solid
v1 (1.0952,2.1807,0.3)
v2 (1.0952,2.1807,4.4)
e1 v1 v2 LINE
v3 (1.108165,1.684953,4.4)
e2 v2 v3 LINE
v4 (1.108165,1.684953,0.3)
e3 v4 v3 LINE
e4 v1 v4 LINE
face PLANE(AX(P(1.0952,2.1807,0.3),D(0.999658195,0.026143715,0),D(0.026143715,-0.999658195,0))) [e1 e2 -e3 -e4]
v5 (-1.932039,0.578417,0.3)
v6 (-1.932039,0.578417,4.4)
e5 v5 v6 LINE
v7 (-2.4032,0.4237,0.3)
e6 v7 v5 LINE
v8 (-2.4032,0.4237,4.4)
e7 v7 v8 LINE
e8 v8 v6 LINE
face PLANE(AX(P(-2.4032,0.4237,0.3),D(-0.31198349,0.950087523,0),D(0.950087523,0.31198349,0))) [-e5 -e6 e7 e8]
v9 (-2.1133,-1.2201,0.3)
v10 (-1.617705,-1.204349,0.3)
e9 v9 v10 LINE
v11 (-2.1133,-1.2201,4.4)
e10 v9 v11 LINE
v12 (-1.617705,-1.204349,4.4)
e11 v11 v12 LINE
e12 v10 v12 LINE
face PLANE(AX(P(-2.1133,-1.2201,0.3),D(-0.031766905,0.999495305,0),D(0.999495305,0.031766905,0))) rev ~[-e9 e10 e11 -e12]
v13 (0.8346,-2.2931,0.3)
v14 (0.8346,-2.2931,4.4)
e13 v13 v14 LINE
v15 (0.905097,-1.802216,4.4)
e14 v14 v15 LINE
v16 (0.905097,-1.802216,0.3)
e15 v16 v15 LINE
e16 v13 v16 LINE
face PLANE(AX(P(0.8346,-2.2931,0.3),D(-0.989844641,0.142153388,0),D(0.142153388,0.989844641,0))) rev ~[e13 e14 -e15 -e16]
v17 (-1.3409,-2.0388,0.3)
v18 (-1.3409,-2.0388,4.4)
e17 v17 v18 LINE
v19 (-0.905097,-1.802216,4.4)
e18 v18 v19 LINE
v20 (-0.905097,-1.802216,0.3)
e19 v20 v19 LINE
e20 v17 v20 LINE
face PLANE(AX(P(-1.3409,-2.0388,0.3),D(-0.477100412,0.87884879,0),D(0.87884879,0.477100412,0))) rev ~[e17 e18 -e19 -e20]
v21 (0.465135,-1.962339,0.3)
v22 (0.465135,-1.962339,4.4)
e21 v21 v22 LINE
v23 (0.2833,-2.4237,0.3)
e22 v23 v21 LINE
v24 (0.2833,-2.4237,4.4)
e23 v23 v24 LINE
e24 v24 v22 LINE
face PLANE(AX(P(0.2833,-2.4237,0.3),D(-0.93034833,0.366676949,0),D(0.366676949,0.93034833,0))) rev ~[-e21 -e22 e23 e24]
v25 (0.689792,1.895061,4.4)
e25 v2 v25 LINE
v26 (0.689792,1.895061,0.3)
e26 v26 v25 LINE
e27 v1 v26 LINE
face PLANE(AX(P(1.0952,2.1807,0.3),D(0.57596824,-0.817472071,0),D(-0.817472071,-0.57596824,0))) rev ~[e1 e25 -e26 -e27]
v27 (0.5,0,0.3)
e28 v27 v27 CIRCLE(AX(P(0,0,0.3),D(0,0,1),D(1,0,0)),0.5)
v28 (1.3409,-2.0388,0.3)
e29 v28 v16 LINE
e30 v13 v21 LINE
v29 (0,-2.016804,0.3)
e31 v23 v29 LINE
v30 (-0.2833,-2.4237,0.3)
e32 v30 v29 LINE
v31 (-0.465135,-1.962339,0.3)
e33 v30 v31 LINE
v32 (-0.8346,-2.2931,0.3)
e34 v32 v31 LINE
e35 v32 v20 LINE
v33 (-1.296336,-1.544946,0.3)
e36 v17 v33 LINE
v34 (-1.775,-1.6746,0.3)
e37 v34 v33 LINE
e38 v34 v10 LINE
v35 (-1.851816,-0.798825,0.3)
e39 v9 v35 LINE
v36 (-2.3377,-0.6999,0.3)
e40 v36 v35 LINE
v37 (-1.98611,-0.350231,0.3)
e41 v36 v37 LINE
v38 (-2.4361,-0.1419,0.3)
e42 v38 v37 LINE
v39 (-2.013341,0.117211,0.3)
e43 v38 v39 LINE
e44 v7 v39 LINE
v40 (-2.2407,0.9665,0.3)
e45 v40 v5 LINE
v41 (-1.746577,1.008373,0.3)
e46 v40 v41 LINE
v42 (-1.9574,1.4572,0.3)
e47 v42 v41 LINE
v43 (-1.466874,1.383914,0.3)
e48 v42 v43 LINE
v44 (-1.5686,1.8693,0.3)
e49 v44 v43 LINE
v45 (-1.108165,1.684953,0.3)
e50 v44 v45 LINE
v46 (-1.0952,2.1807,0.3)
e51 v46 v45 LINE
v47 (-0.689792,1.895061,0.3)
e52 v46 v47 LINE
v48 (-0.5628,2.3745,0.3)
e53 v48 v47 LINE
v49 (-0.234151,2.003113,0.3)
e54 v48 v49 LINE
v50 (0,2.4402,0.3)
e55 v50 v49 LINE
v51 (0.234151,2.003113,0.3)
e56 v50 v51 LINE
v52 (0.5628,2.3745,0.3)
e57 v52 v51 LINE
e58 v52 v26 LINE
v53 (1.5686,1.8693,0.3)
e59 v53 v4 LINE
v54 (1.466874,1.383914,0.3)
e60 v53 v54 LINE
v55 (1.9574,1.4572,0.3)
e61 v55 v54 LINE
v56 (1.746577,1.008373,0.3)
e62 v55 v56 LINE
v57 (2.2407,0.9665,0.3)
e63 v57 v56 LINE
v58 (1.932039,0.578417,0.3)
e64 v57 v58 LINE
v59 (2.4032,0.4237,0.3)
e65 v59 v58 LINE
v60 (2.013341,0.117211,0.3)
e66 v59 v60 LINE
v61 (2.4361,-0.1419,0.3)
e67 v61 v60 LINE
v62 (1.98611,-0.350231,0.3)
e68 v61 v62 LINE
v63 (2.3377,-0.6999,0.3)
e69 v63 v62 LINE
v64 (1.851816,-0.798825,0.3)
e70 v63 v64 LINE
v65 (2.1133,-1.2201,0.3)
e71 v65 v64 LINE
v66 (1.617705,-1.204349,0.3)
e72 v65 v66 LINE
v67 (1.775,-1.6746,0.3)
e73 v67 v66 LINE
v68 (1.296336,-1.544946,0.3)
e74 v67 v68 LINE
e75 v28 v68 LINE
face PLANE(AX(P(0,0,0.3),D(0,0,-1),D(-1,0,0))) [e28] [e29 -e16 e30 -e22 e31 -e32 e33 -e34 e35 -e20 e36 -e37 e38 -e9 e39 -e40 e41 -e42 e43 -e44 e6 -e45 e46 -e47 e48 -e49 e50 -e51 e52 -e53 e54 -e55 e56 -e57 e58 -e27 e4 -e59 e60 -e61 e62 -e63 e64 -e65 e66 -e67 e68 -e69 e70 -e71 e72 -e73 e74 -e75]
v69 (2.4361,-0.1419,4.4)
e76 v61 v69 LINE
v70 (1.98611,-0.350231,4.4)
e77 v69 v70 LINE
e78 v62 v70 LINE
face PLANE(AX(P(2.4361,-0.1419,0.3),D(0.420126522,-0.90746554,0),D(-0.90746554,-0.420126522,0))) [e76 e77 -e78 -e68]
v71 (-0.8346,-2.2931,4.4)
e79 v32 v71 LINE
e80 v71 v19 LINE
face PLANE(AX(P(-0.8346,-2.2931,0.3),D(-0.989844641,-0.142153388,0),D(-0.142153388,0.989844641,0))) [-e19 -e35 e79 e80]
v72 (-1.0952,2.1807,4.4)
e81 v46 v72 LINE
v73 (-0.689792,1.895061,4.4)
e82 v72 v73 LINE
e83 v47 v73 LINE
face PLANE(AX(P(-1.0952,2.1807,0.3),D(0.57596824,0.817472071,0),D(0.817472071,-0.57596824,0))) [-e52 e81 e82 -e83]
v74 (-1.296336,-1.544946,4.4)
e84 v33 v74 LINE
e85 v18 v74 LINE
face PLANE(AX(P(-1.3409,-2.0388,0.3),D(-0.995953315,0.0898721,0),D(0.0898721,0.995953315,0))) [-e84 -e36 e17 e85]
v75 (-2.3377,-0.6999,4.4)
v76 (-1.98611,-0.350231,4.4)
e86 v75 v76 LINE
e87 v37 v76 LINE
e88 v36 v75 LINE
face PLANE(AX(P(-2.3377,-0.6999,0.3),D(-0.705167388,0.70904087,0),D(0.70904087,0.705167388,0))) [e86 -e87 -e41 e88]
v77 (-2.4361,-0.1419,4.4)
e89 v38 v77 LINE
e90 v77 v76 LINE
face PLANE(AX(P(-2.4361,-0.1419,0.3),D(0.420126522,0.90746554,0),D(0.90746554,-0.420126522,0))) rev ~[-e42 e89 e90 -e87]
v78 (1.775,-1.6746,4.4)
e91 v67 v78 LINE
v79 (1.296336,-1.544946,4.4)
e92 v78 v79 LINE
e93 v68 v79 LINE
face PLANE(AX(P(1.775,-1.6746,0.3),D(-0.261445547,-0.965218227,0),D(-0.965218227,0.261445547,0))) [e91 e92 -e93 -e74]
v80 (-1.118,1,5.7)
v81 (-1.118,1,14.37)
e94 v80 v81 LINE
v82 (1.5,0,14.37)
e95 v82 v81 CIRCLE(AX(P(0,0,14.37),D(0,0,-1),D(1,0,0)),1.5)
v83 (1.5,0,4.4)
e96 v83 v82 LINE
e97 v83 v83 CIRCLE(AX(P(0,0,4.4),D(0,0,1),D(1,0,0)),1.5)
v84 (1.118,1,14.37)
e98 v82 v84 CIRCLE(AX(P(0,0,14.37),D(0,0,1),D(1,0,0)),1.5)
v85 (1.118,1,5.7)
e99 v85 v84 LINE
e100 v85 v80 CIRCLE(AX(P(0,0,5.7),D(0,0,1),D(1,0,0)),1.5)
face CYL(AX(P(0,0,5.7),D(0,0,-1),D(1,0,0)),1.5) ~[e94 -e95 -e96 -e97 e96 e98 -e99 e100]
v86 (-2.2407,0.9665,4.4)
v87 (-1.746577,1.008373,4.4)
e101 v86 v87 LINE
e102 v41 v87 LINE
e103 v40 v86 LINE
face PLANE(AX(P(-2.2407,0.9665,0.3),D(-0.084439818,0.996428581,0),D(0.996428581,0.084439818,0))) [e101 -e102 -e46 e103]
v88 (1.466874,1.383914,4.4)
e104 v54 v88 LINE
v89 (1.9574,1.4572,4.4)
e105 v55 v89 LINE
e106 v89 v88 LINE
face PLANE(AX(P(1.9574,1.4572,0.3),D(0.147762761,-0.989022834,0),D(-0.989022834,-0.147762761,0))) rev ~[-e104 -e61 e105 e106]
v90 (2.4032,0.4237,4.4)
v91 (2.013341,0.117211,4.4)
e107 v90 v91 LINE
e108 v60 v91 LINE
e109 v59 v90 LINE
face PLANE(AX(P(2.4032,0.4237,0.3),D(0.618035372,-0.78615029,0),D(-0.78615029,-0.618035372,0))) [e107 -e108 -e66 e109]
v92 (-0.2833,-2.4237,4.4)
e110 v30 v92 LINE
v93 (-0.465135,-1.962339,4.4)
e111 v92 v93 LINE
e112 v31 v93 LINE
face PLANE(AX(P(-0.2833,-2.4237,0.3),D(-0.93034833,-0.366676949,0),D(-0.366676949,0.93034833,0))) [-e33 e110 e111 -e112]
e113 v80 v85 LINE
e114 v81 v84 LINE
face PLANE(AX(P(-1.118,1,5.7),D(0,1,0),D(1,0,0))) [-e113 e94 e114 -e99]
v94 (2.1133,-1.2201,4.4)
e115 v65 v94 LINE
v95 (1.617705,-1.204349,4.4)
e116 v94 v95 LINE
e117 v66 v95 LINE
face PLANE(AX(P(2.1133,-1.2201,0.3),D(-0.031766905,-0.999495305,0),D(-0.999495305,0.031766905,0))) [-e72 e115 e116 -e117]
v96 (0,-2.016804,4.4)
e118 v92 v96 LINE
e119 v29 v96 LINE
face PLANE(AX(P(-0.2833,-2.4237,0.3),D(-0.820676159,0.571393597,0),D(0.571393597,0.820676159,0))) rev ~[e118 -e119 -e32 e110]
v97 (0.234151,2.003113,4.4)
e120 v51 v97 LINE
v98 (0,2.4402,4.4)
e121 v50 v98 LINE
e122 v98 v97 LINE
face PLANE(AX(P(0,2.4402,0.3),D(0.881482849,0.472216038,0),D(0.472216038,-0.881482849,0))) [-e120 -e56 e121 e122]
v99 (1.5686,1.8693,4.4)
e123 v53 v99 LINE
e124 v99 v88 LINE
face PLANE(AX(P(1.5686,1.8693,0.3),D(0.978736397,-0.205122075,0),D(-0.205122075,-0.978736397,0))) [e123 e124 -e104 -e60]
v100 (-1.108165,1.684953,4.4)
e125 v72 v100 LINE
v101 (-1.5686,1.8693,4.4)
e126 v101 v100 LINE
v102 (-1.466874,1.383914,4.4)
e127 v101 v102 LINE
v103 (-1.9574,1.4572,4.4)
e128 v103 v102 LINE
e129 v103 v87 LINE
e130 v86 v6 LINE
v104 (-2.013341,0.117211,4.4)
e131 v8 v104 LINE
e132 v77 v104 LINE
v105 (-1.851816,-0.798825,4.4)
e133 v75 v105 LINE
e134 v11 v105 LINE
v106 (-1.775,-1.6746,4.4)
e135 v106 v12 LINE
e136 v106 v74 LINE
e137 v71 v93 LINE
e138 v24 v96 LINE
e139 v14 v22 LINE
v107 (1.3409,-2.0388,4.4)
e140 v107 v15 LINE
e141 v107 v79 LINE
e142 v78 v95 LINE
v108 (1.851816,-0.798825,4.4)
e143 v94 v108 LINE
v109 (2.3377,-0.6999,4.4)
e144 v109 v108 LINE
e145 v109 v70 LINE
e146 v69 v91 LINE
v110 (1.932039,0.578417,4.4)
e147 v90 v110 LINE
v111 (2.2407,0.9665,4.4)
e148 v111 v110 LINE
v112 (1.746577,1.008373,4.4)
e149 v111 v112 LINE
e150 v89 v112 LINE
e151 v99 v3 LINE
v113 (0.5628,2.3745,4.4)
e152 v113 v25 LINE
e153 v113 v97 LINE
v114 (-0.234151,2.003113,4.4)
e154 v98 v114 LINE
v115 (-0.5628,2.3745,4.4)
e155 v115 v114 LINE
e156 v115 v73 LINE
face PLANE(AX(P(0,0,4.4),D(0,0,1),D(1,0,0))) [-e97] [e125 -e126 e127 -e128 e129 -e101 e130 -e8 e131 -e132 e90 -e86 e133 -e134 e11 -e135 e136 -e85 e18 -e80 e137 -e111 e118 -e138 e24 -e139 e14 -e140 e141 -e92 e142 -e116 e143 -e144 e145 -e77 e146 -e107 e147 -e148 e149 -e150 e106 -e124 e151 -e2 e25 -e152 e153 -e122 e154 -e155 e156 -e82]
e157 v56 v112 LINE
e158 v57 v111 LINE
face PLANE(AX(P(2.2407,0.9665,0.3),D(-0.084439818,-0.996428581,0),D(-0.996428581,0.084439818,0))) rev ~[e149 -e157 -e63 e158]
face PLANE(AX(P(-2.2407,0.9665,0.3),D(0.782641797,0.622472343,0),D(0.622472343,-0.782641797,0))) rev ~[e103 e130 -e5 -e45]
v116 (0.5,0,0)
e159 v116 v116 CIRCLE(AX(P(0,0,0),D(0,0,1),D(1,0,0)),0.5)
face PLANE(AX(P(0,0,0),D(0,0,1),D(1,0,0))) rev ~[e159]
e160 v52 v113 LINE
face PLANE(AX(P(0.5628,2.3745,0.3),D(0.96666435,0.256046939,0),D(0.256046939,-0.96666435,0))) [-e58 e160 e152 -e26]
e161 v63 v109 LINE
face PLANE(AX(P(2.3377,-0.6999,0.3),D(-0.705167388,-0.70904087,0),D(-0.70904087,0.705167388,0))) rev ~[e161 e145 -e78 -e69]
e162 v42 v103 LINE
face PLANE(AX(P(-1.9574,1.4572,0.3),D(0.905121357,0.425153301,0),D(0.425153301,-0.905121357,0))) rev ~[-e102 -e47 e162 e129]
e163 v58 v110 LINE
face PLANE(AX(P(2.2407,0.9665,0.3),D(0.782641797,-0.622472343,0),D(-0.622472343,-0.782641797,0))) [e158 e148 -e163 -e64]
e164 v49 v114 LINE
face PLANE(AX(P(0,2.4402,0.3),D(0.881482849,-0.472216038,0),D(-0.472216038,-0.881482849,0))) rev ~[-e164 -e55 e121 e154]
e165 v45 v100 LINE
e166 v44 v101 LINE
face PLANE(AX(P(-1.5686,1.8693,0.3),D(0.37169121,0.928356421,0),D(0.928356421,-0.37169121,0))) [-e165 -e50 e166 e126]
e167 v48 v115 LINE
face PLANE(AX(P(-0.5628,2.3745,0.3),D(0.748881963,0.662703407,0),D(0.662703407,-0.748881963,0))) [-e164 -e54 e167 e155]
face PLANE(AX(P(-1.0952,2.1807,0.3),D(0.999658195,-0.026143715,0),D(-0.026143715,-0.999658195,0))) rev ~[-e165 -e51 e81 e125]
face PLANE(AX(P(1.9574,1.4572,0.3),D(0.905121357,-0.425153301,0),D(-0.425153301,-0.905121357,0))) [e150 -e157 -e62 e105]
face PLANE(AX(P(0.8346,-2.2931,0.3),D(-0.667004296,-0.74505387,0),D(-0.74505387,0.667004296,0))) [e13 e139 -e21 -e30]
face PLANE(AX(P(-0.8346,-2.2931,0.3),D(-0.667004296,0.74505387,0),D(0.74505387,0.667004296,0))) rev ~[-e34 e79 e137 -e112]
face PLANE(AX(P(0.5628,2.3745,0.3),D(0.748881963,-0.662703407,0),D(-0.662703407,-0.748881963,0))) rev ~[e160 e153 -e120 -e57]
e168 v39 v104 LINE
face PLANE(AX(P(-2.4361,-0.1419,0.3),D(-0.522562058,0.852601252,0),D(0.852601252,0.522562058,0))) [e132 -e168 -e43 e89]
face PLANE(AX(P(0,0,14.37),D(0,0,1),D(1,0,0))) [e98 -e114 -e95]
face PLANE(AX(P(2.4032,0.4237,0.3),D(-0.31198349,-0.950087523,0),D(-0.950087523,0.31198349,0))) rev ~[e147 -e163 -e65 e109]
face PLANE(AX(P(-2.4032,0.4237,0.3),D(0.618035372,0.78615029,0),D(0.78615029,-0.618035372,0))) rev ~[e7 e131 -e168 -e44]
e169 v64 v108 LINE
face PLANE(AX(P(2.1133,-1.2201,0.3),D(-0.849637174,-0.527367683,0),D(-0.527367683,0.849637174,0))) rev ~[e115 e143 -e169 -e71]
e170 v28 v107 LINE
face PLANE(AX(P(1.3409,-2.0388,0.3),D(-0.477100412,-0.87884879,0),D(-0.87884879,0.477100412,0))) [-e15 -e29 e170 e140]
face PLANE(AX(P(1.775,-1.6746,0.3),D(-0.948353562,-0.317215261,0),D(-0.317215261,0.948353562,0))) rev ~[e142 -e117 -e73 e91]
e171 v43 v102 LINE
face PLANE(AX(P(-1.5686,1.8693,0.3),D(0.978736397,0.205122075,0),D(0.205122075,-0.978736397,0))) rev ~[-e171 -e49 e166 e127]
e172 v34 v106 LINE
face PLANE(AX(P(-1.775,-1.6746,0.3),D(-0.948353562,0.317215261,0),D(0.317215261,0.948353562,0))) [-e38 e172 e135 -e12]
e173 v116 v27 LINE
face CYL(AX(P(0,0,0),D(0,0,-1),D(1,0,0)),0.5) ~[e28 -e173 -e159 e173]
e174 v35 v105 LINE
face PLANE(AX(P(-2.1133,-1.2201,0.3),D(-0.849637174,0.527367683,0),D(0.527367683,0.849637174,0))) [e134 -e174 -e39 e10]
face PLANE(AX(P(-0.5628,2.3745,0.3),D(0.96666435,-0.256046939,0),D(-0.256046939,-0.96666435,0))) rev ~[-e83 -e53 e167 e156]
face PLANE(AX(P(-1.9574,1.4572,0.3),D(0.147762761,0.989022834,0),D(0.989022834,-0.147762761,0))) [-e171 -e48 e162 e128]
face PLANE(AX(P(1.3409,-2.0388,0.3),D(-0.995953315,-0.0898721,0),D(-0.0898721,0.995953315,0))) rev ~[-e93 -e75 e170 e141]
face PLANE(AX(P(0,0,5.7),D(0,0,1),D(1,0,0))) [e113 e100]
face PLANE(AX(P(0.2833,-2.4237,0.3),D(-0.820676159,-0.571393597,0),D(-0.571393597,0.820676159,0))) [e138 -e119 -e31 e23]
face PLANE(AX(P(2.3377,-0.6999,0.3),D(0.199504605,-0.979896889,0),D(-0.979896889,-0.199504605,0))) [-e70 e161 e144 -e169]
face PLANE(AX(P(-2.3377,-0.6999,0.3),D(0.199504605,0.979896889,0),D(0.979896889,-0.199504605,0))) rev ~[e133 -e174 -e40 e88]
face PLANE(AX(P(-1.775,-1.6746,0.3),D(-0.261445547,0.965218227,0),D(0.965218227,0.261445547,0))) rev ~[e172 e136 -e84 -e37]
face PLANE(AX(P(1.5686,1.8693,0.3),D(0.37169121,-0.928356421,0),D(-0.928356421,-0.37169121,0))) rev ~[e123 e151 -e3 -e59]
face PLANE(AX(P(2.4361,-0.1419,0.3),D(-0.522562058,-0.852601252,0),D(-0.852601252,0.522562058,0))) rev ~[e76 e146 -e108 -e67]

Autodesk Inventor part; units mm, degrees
ref_plane "YZ Plane" through (0, 0, 0) normal (1, 0, 0) x (0, 1, 0)
ref_plane "XZ Plane" through (0, 0, 0) normal (0, 1, 0) x (-1, 0, 0)
ref_plane "XY Plane" through (0, 0, 0) normal (0, 0, 1) x (1, 0, 0)
sketch "Sketch1" plane through (0, 0, 0) normal (0, 0, 1) x (1, 0, 0)
  circle A0 centre (0, 0) radius 0.5
  dimension "d0" = 1
extrude "Extrusion1" add sketch "Sketch1" along normal blind 4.4
sketch "Sketch2" plane through (0, 0, 4.4) normal (0, 0, 1) x (1, 0, 0)
  circle A0 centre (0, 0) radius 0.5 projected
  circle A1 centre (0, 0) radius 2
  dimension "d3" = 4
extrude "Extrusion2" add sketch "Sketch2" against normal blind 4.1
sketch "Sketch4" plane through (0, 0, 4.4) normal (0, 0, 1) x (1, 0, 0)
  circle A0 centre (0, 0) radius 2 projected
  circle A1 centre (0, 0) radius 1.5
  dimension "d6" = 3
extrude "Extrusion3" add sketch "Sketch4" along normal blind 1.3 contours A1
sketch "Sketch5" plane through (0, 0, 5.7) normal (0, 0, 1) x (1, 0, 0)
  circle A0 centre (0, 0) radius 1.5 projected
  circle A1 centre (0, 0) radius 1.5
  line L0 (0, 0) -> (1.0208, 0)
  line L1 (-1.118, 1) -> (1.118, 1)
  line L2 (0, -1.5) -> (1.5, -1.5)
  dimension "d11" = 2.5
extrude "Extrusion5" add sketch "Sketch5" along normal blind 8.67 contours A0 L1 picked at (0, 0.1667)
sketch "Sketch8" plane through (0, 0, 0.3) normal (0, 0, -1) x (-1, 0, 0)
  circle A0 centre (0, 0) radius 0.5 projected
  circle A1 centre (0, 0) radius 2 projected
  line L0 (0, 0) -> (0, 5.155)
  line L1 (0, 2.4402) -> (-0.2438, 1.9851)
  line L2 (0, 2.4402) -> (0.2438, 1.9851)
  arc A2 (0.2438, 1.9851) -> (-0.2438, 1.9851) centre (0, 0) ccw
  line L3 (-0.2438, 1.9851) -> (0, 2.4402)
  line L4 (0, 2.4402) -> (0.2438, 1.9851)
  line L5 (-0.5628, 2.3745) -> (-0.695, 1.8754)
  line L6 (-0.5628, 2.3745) -> (-0.2206, 1.9878)
  arc A3 (-0.2206, 1.9878) -> (-0.695, 1.8754) centre (0, 0) ccw
  line L7 (-1.0952, 2.1807) -> (-1.1087, 1.6645)
  line L8 (-1.0952, 2.1807) -> (-0.6731, 1.8833)
  arc A4 (-0.6731, 1.8833) -> (-1.1087, 1.6645) centre (0, 0) ccw
  line L9 (-1.5686, 1.8693) -> (-1.4627, 1.364)
  line L10 (-1.5686, 1.8693) -> (-1.0893, 1.6774)
  arc A5 (-1.0893, 1.6774) -> (-1.4627, 1.364) centre (0, 0) ccw
  line L11 (-1.9574, 1.4572) -> (-1.7379, 0.9899)
  line L12 (-1.9574, 1.4572) -> (-1.4467, 1.3809)
  arc A6 (-1.4467, 1.3809) -> (-1.7379, 0.9899) centre (0, 0) ccw
  line L13 (-2.2407, 0.9665) -> (-1.9193, 0.5624)
  line L14 (-2.2407, 0.9665) -> (-1.7262, 1.0101)
  arc A7 (-1.7262, 1.0101) -> (-1.9193, 0.5624) centre (0, 0) ccw
  line L15 (-2.4032, 0.4237) -> (-1.9973, 0.1046)
  line L16 (-2.4032, 0.4237) -> (-1.9126, 0.5848)
  arc A8 (-1.9126, 0.5848) -> (-1.9973, 0.1046) centre (0, 0) ccw
  line L17 (-2.4361, -0.1419) -> (-1.9676, -0.3588)
  line L18 (-2.4361, -0.1419) -> (-1.9959, 0.1279)
  arc A9 (-1.9959, 0.1279) -> (-1.9676, -0.3588) centre (0, 0) ccw
  line L19 (-2.3377, -0.6999) -> (-1.8318, -0.8029)
  line L20 (-2.3377, -0.6999) -> (-1.9716, -0.3358)
  arc A10 (-1.9716, -0.3358) -> (-1.8318, -0.8029) centre (0, 0) ccw
  line L21 (-2.1133, -1.2201) -> (-1.5973, -1.2037)
  line L22 (-2.1133, -1.2201) -> (-1.841, -0.7814)
  arc A11 (-1.841, -0.7814) -> (-1.5973, -1.2037) centre (0, 0) ccw
  line L23 (-1.775, -1.6746) -> (-1.2766, -1.5396)
  line L24 (-1.775, -1.6746) -> (-1.6112, -1.1849)
  arc A12 (-1.6112, -1.1849) -> (-1.2766, -1.5396) centre (0, 0) ccw
  line L25 (-1.3409, -2.0388) -> (-0.8872, -1.7925)
  line L26 (-1.3409, -2.0388) -> (-1.2945, -1.5246)
  arc A13 (-1.2945, -1.5246) -> (-0.8872, -1.7925) centre (0, 0) ccw
  line L27 (-0.8346, -2.2931) -> (-0.4499, -1.9487)
  line L28 (-0.8346, -2.2931) -> (-0.908, -1.782)
  arc A14 (-0.908, -1.782) -> (-0.4499, -1.9487) centre (0, 0) ccw
  line L29 (-0.2833, -2.4237) -> (0.0117, -2)
  line L30 (-0.2833, -2.4237) -> (-0.4726, -1.9434)
  arc A15 (-0.4726, -1.9434) -> (0.0117, -2) centre (0, 0) ccw
  line L31 (0.2833, -2.4237) -> (0.4726, -1.9434)
  line L32 (0.2833, -2.4237) -> (-0.0117, -2)
  arc A16 (-0.0117, -2) -> (0.4726, -1.9434) centre (0, 0) ccw
  line L33 (0.8346, -2.2931) -> (0.908, -1.782)
  line L34 (0.8346, -2.2931) -> (0.4499, -1.9487)
  arc A17 (0.4499, -1.9487) -> (0.908, -1.782) centre (0, 0) ccw
  line L35 (1.3409, -2.0388) -> (1.2945, -1.5246)
  line L36 (1.3409, -2.0388) -> (0.8872, -1.7925)
  arc A18 (0.8872, -1.7925) -> (1.2945, -1.5246) centre (0, 0) ccw
  line L37 (1.775, -1.6746) -> (1.6112, -1.1849)
  line L38 (1.775, -1.6746) -> (1.2766, -1.5396)
  arc A19 (1.2766, -1.5396) -> (1.6112, -1.1849) centre (0, 0) ccw
  line L39 (2.1133, -1.2201) -> (1.841, -0.7814)
  line L40 (2.1133, -1.2201) -> (1.5973, -1.2037)
  arc A20 (1.5973, -1.2037) -> (1.841, -0.7814) centre (0, 0) ccw
  line L41 (2.3377, -0.6999) -> (1.9716, -0.3358)
  line L42 (2.3377, -0.6999) -> (1.8318, -0.8029)
  arc A21 (1.8318, -0.8029) -> (1.9716, -0.3358) centre (0, 0) ccw
  line L43 (2.4361, -0.1419) -> (1.9959, 0.1279)
  line L44 (2.4361, -0.1419) -> (1.9676, -0.3588)
  arc A22 (1.9676, -0.3588) -> (1.9959, 0.1279) centre (0, 0) ccw
  line L45 (2.4032, 0.4237) -> (1.9126, 0.5848)
  line L46 (2.4032, 0.4237) -> (1.9973, 0.1046)
  arc A23 (1.9973, 0.1046) -> (1.9126, 0.5848) centre (0, 0) ccw
  line L47 (2.2407, 0.9665) -> (1.7262, 1.0101)
  line L48 (2.2407, 0.9665) -> (1.9193, 0.5624)
  arc A24 (1.9193, 0.5624) -> (1.7262, 1.0101) centre (0, 0) ccw
  line L49 (1.9574, 1.4572) -> (1.4467, 1.3809)
  line L50 (1.9574, 1.4572) -> (1.7379, 0.9899)
  arc A25 (1.7379, 0.9899) -> (1.4467, 1.3809) centre (0, 0) ccw
  line L51 (1.5686, 1.8693) -> (1.0893, 1.6774)
  line L52 (1.5686, 1.8693) -> (1.4627, 1.364)
  arc A26 (1.4627, 1.364) -> (1.0893, 1.6774) centre (0, 0) ccw
  line L53 (1.0952, 2.1807) -> (0.6731, 1.8833)
  line L54 (1.0952, 2.1807) -> (1.1087, 1.6645)
  arc A27 (1.1087, 1.6645) -> (0.6731, 1.8833) centre (0, 0) ccw
  line L55 (0.5628, 2.3745) -> (0.2206, 1.9878)
  line L56 (0.5628, 2.3745) -> (0.695, 1.8754)
  arc A28 (0.695, 1.8754) -> (0.2206, 1.9878) centre (0, 0) ccw
  dimension "d24" = 360
extrude "Extrusion8" add sketch "Sketch8" against normal up to surface (4.1 mm away) contours A1 L6 L1 L0 | L0 L2 L55 A1 | L55 L2 A1 | A1 L1 L6 | L2 L55 L56 L53 A1 | A1 L8 L5 L6 L1 | L53 L56 A1 | A1 L5 L8 | L56 L53 L54 L51 A1 | A1 L10 L7 L8 L5 | L51 L54 A1 | A1 L7 L10 | L54 L51 L52 L49 A1 | A1 L12 L9 L10 L7 | L49 L52 A1 | A1 L9 L12 | L52 L49 L50 L47 A1 | A1 L14 L11 L12 L9 | L47 L50 A1 | A1 L11 L14 | L50 L47 L48 L45 A1 | A1 L16 L13 L14 L11 | L45 L48 A1 | A1 L13 L16 | L48 L45 L46 L43 A1 | A1 L18 L15 L16 L13 | L43 L46 A1 | A1 L15 L18 | L46 L43 L44 L41 A1 | A1 L20 L17 L18 L15 | A1 L17 L20 | L41 L44 A1 | L41 L42 L39 A1 L44 | A1 L22 L19 L20 L17 | A1 L19 L22 | L39 L42 A1 | L39 L40 L37 A1 L42 | A1 L24 L21 L22 L19 | A1 L21 L24 | L37 L40 A1 | L37 L38 L35 A1 L40 | A1 L26 L23 L24 L21 | A1 L23 L26 | L35 L38 A1 | L35 L36 L33 A1 L38 | A1 L28 L25 L26 L23 | A1 L25 L28 | L33 L36 A1 | L33 L34 L31 A1 L36 | A1 L30 L27 L28 L25 | A1 L27 L30 | L31 L34 A1 | L31 L32 L29 A1 L34 | A1 L32 L29 L30 L27 | A1 L29 L32
properties part number "launcher.motor.shaft"
